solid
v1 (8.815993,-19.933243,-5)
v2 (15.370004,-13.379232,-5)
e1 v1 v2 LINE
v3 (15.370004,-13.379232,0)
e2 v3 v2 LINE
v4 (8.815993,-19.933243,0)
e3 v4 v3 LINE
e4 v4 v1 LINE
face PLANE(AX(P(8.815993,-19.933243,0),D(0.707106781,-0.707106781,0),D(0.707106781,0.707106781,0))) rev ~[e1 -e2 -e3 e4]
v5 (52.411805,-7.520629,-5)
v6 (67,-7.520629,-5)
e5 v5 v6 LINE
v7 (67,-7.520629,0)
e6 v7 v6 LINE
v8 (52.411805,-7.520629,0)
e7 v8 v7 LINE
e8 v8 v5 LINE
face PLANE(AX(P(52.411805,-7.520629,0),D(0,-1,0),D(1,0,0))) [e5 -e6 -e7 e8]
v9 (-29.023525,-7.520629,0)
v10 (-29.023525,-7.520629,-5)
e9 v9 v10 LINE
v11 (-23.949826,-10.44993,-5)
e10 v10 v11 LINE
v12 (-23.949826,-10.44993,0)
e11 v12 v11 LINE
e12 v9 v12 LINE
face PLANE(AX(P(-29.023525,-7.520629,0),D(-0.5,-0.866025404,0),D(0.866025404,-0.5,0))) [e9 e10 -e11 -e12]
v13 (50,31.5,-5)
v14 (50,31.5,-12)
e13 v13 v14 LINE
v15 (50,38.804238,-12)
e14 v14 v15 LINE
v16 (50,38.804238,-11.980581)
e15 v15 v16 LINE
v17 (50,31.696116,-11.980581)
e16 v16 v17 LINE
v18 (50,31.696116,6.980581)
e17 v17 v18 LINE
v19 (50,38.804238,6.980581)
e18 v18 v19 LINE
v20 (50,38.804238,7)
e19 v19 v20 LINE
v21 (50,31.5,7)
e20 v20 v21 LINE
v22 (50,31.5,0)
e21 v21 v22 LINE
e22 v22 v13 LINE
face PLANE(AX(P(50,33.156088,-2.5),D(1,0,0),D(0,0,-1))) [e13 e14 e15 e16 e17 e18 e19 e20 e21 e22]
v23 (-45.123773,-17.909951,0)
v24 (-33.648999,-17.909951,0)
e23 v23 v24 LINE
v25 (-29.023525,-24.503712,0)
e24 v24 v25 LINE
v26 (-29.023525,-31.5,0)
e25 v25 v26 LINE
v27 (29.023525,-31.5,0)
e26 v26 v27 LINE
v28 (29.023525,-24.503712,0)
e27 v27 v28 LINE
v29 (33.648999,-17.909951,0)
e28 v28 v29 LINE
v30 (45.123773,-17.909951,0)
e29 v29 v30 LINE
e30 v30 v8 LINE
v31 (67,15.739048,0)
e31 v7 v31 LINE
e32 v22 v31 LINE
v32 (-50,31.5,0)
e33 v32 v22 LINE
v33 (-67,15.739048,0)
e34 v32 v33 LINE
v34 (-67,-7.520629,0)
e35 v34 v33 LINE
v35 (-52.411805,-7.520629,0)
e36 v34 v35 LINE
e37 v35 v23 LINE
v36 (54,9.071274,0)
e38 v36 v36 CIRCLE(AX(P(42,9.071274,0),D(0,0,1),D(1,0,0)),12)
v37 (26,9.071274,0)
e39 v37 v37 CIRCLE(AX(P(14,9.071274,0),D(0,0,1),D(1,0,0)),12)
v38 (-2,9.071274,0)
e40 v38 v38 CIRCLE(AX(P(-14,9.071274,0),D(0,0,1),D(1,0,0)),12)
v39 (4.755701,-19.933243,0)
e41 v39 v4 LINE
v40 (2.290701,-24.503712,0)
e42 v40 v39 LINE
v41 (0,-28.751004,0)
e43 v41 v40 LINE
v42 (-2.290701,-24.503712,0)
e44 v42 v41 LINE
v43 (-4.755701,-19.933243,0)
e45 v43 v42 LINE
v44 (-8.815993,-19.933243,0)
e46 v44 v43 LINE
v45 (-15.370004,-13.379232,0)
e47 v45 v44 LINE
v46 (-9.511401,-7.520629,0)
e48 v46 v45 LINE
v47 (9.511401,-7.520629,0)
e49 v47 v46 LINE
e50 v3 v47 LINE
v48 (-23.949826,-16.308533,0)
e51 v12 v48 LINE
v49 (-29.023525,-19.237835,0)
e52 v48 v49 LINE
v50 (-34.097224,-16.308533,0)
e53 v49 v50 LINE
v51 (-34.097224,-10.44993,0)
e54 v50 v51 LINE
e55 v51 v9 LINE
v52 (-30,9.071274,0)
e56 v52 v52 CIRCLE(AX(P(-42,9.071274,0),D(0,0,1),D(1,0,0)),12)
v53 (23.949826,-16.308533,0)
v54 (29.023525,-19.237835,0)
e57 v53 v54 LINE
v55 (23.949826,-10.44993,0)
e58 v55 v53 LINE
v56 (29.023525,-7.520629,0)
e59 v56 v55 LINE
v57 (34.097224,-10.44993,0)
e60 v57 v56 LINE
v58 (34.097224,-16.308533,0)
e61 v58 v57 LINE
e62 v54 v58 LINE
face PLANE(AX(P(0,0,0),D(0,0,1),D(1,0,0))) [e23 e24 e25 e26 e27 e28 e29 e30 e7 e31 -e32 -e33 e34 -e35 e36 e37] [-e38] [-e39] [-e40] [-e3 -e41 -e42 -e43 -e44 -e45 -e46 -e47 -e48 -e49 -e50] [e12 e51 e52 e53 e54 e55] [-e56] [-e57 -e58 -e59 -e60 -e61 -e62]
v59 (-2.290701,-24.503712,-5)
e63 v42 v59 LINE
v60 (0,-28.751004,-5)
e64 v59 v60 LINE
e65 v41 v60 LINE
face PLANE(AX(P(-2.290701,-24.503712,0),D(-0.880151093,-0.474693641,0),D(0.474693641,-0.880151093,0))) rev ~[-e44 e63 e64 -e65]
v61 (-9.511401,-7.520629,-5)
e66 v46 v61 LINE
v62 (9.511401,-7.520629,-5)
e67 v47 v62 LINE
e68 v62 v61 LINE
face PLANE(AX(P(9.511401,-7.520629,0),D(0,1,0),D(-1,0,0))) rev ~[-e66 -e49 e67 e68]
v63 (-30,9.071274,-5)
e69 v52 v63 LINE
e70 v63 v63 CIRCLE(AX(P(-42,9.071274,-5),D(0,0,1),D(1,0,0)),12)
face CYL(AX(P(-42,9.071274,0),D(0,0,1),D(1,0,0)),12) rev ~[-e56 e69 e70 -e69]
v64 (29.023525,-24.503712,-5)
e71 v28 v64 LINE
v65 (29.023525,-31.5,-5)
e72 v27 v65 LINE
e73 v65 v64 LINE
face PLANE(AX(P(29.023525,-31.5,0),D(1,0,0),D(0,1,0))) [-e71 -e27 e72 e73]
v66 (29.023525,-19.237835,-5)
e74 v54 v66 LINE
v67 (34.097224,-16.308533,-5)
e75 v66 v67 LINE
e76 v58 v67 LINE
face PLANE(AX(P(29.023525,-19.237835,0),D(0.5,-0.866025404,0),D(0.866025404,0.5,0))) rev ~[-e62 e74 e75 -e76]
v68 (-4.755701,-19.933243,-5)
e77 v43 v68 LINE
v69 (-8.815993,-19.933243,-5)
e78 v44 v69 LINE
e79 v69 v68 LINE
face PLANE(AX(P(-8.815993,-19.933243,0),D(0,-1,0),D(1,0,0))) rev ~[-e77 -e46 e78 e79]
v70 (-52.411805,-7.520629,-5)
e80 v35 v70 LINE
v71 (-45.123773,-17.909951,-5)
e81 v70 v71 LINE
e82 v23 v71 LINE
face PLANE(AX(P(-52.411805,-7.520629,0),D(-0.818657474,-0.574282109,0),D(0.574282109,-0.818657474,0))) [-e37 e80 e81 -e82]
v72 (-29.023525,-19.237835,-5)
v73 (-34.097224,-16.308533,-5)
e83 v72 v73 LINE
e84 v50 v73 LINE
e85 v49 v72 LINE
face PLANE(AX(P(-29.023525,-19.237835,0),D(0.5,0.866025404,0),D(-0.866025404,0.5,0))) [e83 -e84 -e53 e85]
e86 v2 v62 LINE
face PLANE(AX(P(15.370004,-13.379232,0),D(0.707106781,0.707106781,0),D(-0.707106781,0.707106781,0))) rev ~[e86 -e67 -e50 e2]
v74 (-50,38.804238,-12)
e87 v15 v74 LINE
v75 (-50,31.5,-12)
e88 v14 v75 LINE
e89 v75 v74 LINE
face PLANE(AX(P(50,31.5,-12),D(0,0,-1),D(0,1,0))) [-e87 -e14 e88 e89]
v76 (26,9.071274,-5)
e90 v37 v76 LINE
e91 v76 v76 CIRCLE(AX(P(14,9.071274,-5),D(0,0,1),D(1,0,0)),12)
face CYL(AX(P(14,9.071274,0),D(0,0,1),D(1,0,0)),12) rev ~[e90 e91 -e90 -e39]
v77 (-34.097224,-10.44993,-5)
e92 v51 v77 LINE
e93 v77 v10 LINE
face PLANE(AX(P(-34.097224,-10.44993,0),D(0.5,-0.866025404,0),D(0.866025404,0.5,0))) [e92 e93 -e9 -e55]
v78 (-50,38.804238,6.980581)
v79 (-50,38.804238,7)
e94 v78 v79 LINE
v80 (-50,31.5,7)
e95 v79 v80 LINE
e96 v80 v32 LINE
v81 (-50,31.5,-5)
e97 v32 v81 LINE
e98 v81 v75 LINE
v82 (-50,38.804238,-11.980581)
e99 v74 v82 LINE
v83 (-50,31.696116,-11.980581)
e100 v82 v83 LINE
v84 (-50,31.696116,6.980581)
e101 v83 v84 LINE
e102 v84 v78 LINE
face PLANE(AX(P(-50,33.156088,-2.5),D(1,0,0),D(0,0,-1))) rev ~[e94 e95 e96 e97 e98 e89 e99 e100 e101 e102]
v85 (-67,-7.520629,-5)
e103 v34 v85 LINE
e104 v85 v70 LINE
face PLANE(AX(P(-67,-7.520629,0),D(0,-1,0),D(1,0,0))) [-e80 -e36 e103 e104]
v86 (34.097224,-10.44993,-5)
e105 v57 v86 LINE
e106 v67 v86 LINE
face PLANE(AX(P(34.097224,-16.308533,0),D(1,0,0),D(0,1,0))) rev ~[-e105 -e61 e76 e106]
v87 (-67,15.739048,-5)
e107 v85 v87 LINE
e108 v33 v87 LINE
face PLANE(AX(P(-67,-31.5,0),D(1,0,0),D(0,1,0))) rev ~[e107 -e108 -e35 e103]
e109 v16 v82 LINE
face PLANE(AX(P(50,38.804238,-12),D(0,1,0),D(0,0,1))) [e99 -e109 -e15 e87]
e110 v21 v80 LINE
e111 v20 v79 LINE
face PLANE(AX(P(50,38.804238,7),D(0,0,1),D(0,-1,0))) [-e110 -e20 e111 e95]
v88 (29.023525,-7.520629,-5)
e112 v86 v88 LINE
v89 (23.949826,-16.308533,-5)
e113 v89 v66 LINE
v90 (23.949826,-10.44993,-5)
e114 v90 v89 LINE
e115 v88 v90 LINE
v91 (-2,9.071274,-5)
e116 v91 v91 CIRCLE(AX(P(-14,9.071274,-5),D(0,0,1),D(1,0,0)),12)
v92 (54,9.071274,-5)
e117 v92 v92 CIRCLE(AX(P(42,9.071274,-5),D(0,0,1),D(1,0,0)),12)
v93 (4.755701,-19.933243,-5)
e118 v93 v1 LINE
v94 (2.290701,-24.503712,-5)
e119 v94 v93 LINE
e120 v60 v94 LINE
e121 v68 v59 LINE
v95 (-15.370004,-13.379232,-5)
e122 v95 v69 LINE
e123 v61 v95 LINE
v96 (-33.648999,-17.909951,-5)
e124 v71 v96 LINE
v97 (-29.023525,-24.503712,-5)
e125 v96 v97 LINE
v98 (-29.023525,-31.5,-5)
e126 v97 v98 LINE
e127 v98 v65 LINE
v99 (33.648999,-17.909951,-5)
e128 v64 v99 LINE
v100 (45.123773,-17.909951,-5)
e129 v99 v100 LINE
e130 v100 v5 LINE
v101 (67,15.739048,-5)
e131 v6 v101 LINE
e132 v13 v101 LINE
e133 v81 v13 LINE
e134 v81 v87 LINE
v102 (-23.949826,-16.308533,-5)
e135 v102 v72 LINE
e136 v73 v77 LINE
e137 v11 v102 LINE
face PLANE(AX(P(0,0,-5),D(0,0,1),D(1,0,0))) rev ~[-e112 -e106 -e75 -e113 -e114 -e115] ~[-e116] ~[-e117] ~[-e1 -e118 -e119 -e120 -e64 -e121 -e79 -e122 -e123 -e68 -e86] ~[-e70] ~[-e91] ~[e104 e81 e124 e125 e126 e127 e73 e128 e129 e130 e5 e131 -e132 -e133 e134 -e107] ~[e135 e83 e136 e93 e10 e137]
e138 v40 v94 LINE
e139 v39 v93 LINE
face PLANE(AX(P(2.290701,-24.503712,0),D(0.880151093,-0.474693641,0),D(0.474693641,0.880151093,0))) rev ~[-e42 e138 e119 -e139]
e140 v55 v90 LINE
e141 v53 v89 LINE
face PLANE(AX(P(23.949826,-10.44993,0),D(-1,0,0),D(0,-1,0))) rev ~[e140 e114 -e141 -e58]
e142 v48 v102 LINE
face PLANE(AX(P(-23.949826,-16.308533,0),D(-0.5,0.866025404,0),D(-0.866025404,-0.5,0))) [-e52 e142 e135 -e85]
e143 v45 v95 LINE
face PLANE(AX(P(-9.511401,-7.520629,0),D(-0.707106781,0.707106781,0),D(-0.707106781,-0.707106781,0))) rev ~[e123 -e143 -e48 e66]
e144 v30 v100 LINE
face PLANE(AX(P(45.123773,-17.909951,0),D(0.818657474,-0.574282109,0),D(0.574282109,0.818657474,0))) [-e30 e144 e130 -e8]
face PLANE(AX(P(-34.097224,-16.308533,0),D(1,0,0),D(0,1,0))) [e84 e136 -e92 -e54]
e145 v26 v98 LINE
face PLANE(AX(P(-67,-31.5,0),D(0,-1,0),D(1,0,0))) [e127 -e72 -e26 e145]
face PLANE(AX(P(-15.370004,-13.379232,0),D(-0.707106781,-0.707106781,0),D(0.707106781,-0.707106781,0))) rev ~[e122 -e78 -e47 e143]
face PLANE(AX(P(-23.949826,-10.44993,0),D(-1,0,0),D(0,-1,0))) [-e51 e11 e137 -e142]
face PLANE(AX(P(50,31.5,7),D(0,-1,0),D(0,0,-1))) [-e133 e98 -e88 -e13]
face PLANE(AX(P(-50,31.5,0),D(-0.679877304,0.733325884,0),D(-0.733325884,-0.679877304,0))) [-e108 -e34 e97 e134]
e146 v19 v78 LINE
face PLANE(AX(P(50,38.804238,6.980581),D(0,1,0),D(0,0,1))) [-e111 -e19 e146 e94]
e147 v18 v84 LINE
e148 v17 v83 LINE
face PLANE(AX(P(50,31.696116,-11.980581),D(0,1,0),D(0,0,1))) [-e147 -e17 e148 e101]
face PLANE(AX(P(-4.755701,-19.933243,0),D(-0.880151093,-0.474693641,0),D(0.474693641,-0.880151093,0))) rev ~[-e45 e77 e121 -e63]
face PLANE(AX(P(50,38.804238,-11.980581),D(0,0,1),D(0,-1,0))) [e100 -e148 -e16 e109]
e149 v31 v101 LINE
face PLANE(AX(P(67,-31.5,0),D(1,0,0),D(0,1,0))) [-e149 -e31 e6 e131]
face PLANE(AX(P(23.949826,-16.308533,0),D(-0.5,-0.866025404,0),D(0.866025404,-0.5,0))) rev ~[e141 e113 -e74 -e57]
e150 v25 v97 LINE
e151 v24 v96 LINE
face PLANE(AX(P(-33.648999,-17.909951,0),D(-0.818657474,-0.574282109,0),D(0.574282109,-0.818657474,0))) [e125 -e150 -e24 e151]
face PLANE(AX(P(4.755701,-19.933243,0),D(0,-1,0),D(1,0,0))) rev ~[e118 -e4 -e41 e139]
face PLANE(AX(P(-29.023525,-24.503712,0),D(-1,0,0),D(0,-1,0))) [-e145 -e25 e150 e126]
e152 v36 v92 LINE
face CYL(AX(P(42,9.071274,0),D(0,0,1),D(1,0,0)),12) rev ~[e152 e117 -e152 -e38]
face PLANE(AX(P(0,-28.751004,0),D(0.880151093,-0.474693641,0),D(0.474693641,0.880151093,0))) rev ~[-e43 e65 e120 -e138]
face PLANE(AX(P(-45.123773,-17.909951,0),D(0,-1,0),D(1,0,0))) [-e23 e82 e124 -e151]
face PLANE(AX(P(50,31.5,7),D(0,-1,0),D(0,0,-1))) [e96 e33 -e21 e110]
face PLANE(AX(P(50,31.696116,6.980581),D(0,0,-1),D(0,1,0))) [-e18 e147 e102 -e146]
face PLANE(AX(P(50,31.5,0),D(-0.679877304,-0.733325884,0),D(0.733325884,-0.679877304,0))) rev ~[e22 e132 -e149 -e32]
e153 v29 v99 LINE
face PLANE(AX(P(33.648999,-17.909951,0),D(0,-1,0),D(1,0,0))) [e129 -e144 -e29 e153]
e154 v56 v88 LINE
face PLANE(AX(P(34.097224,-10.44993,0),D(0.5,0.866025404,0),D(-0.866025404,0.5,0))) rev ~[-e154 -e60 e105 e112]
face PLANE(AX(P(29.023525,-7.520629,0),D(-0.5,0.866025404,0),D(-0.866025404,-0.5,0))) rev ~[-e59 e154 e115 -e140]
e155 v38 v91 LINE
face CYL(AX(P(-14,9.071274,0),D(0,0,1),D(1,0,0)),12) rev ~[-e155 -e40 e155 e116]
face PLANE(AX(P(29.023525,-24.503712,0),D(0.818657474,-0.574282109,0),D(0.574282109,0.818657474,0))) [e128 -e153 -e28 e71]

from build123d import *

# Parameters (mm, degrees)
SKETCH1_W           = 134
SKETCH1_H           = 63
BOSS_EXTRUDE1_DEPTH = 5
SKETCH3_R           = 12
CUT_EXTRUDE1_DEPTH  = 10
CUT_EXTRUDE2_DEPTH  = 10
BOSS_EXTRUDE2_DEPTH = 100


with BuildPart() as part:
    # Sketch1 → Boss-Extrude1 (new body)
    with BuildSketch(Plane.XY):
        Rectangle(SKETCH1_W, SKETCH1_H)
    extrude(amount=-BOSS_EXTRUDE1_DEPTH)

    # Sketch3 → Cut-Extrude1 (cut)
    with BuildSketch(Plane.XY):
        with Locations((-42, 9.071273883)):
            Circle(SKETCH3_R)
        with Locations((-14, 9.071273883)):
            Circle(SKETCH3_R)
        with Locations((14, 9.071273883)):
            Circle(SKETCH3_R)
        with Locations((42, 9.071273883)):
            Circle(SKETCH3_R)
    extrude(amount=-CUT_EXTRUDE1_DEPTH, mode=Mode.SUBTRACT)

    # Sketch4 → Cut-Extrude2 (cut)
    with BuildSketch(Plane.XY):
        Polygon((-67, -7.520628775), (-52.411804658, -7.520628775), (-45.12377265, -17.909951), (-33.648998849, -17.909951), (-29.023524966, -24.503711642), (-29.023524966, -31.5), (-67, -31.5), align=None)
        Polygon((67, -7.520628775), (67, -31.5), (29.023524966, -31.5), (29.023524966, -24.503711642), (33.648998849, -17.909951), (45.12377265, -17.909951), (52.411804658, -7.520628775), align=None)
        Polygon((-50, 31.5), (-67, 15.739047849), (-67, 31.5), align=None)
        Polygon((67, 15.739047849), (67, 31.5), (50, 31.5), align=None)
        Polygon((9.511401459, -7.520628775), (-9.511401459, -7.520628775), (-15.370004361, -13.379231677), (-8.815992906, -19.933243133), (-4.75570073, -19.933243133), (-2.290700849, -24.503711642), (0, -28.751004381), (2.290700849, -24.503711642), (4.75570073, -19.933243133), (8.815992906, -19.933243133), (15.370004361, -13.379231677), align=None)
        Polygon((-34.097223909, -10.449930226), (-29.023524966, -7.520628775), (-23.949826022, -10.449930226), (-23.949826022, -16.308533128), (-29.023524966, -19.237834579), (-34.097223909, -16.308533128), align=None)
        Polygon((29.023524966, -7.520628775), (23.949826022, -10.449930226), (23.949826022, -16.308533128), (29.023524966, -19.237834579), (34.097223909, -16.308533128), (34.097223909, -10.449930226), align=None)
    extrude(amount=-CUT_EXTRUDE2_DEPTH, mode=Mode.SUBTRACT)

    # Sketch5 → Boss-Extrude2 (add)
    with BuildSketch(Plane(origin=(50, 0, 0), x_dir=(0, 0, -1), z_dir=(1, 0, 0))):
        Polygon((5, 31.5), (12, 31.5), (12, 38.804238111), (11.980580676, 38.804238111), (11.980580676, 31.696116135), (5.980580676, 31.696116135), (-0.980580676, 31.696116135), (-6.980580676, 31.696116135), (-6.980580676, 38.804238111), (-7, 38.804238111), (-7, 31.5), (0, 31.5), align=None)
    extrude(amount=-BOSS_EXTRUDE2_DEPTH)


solid = part.part
